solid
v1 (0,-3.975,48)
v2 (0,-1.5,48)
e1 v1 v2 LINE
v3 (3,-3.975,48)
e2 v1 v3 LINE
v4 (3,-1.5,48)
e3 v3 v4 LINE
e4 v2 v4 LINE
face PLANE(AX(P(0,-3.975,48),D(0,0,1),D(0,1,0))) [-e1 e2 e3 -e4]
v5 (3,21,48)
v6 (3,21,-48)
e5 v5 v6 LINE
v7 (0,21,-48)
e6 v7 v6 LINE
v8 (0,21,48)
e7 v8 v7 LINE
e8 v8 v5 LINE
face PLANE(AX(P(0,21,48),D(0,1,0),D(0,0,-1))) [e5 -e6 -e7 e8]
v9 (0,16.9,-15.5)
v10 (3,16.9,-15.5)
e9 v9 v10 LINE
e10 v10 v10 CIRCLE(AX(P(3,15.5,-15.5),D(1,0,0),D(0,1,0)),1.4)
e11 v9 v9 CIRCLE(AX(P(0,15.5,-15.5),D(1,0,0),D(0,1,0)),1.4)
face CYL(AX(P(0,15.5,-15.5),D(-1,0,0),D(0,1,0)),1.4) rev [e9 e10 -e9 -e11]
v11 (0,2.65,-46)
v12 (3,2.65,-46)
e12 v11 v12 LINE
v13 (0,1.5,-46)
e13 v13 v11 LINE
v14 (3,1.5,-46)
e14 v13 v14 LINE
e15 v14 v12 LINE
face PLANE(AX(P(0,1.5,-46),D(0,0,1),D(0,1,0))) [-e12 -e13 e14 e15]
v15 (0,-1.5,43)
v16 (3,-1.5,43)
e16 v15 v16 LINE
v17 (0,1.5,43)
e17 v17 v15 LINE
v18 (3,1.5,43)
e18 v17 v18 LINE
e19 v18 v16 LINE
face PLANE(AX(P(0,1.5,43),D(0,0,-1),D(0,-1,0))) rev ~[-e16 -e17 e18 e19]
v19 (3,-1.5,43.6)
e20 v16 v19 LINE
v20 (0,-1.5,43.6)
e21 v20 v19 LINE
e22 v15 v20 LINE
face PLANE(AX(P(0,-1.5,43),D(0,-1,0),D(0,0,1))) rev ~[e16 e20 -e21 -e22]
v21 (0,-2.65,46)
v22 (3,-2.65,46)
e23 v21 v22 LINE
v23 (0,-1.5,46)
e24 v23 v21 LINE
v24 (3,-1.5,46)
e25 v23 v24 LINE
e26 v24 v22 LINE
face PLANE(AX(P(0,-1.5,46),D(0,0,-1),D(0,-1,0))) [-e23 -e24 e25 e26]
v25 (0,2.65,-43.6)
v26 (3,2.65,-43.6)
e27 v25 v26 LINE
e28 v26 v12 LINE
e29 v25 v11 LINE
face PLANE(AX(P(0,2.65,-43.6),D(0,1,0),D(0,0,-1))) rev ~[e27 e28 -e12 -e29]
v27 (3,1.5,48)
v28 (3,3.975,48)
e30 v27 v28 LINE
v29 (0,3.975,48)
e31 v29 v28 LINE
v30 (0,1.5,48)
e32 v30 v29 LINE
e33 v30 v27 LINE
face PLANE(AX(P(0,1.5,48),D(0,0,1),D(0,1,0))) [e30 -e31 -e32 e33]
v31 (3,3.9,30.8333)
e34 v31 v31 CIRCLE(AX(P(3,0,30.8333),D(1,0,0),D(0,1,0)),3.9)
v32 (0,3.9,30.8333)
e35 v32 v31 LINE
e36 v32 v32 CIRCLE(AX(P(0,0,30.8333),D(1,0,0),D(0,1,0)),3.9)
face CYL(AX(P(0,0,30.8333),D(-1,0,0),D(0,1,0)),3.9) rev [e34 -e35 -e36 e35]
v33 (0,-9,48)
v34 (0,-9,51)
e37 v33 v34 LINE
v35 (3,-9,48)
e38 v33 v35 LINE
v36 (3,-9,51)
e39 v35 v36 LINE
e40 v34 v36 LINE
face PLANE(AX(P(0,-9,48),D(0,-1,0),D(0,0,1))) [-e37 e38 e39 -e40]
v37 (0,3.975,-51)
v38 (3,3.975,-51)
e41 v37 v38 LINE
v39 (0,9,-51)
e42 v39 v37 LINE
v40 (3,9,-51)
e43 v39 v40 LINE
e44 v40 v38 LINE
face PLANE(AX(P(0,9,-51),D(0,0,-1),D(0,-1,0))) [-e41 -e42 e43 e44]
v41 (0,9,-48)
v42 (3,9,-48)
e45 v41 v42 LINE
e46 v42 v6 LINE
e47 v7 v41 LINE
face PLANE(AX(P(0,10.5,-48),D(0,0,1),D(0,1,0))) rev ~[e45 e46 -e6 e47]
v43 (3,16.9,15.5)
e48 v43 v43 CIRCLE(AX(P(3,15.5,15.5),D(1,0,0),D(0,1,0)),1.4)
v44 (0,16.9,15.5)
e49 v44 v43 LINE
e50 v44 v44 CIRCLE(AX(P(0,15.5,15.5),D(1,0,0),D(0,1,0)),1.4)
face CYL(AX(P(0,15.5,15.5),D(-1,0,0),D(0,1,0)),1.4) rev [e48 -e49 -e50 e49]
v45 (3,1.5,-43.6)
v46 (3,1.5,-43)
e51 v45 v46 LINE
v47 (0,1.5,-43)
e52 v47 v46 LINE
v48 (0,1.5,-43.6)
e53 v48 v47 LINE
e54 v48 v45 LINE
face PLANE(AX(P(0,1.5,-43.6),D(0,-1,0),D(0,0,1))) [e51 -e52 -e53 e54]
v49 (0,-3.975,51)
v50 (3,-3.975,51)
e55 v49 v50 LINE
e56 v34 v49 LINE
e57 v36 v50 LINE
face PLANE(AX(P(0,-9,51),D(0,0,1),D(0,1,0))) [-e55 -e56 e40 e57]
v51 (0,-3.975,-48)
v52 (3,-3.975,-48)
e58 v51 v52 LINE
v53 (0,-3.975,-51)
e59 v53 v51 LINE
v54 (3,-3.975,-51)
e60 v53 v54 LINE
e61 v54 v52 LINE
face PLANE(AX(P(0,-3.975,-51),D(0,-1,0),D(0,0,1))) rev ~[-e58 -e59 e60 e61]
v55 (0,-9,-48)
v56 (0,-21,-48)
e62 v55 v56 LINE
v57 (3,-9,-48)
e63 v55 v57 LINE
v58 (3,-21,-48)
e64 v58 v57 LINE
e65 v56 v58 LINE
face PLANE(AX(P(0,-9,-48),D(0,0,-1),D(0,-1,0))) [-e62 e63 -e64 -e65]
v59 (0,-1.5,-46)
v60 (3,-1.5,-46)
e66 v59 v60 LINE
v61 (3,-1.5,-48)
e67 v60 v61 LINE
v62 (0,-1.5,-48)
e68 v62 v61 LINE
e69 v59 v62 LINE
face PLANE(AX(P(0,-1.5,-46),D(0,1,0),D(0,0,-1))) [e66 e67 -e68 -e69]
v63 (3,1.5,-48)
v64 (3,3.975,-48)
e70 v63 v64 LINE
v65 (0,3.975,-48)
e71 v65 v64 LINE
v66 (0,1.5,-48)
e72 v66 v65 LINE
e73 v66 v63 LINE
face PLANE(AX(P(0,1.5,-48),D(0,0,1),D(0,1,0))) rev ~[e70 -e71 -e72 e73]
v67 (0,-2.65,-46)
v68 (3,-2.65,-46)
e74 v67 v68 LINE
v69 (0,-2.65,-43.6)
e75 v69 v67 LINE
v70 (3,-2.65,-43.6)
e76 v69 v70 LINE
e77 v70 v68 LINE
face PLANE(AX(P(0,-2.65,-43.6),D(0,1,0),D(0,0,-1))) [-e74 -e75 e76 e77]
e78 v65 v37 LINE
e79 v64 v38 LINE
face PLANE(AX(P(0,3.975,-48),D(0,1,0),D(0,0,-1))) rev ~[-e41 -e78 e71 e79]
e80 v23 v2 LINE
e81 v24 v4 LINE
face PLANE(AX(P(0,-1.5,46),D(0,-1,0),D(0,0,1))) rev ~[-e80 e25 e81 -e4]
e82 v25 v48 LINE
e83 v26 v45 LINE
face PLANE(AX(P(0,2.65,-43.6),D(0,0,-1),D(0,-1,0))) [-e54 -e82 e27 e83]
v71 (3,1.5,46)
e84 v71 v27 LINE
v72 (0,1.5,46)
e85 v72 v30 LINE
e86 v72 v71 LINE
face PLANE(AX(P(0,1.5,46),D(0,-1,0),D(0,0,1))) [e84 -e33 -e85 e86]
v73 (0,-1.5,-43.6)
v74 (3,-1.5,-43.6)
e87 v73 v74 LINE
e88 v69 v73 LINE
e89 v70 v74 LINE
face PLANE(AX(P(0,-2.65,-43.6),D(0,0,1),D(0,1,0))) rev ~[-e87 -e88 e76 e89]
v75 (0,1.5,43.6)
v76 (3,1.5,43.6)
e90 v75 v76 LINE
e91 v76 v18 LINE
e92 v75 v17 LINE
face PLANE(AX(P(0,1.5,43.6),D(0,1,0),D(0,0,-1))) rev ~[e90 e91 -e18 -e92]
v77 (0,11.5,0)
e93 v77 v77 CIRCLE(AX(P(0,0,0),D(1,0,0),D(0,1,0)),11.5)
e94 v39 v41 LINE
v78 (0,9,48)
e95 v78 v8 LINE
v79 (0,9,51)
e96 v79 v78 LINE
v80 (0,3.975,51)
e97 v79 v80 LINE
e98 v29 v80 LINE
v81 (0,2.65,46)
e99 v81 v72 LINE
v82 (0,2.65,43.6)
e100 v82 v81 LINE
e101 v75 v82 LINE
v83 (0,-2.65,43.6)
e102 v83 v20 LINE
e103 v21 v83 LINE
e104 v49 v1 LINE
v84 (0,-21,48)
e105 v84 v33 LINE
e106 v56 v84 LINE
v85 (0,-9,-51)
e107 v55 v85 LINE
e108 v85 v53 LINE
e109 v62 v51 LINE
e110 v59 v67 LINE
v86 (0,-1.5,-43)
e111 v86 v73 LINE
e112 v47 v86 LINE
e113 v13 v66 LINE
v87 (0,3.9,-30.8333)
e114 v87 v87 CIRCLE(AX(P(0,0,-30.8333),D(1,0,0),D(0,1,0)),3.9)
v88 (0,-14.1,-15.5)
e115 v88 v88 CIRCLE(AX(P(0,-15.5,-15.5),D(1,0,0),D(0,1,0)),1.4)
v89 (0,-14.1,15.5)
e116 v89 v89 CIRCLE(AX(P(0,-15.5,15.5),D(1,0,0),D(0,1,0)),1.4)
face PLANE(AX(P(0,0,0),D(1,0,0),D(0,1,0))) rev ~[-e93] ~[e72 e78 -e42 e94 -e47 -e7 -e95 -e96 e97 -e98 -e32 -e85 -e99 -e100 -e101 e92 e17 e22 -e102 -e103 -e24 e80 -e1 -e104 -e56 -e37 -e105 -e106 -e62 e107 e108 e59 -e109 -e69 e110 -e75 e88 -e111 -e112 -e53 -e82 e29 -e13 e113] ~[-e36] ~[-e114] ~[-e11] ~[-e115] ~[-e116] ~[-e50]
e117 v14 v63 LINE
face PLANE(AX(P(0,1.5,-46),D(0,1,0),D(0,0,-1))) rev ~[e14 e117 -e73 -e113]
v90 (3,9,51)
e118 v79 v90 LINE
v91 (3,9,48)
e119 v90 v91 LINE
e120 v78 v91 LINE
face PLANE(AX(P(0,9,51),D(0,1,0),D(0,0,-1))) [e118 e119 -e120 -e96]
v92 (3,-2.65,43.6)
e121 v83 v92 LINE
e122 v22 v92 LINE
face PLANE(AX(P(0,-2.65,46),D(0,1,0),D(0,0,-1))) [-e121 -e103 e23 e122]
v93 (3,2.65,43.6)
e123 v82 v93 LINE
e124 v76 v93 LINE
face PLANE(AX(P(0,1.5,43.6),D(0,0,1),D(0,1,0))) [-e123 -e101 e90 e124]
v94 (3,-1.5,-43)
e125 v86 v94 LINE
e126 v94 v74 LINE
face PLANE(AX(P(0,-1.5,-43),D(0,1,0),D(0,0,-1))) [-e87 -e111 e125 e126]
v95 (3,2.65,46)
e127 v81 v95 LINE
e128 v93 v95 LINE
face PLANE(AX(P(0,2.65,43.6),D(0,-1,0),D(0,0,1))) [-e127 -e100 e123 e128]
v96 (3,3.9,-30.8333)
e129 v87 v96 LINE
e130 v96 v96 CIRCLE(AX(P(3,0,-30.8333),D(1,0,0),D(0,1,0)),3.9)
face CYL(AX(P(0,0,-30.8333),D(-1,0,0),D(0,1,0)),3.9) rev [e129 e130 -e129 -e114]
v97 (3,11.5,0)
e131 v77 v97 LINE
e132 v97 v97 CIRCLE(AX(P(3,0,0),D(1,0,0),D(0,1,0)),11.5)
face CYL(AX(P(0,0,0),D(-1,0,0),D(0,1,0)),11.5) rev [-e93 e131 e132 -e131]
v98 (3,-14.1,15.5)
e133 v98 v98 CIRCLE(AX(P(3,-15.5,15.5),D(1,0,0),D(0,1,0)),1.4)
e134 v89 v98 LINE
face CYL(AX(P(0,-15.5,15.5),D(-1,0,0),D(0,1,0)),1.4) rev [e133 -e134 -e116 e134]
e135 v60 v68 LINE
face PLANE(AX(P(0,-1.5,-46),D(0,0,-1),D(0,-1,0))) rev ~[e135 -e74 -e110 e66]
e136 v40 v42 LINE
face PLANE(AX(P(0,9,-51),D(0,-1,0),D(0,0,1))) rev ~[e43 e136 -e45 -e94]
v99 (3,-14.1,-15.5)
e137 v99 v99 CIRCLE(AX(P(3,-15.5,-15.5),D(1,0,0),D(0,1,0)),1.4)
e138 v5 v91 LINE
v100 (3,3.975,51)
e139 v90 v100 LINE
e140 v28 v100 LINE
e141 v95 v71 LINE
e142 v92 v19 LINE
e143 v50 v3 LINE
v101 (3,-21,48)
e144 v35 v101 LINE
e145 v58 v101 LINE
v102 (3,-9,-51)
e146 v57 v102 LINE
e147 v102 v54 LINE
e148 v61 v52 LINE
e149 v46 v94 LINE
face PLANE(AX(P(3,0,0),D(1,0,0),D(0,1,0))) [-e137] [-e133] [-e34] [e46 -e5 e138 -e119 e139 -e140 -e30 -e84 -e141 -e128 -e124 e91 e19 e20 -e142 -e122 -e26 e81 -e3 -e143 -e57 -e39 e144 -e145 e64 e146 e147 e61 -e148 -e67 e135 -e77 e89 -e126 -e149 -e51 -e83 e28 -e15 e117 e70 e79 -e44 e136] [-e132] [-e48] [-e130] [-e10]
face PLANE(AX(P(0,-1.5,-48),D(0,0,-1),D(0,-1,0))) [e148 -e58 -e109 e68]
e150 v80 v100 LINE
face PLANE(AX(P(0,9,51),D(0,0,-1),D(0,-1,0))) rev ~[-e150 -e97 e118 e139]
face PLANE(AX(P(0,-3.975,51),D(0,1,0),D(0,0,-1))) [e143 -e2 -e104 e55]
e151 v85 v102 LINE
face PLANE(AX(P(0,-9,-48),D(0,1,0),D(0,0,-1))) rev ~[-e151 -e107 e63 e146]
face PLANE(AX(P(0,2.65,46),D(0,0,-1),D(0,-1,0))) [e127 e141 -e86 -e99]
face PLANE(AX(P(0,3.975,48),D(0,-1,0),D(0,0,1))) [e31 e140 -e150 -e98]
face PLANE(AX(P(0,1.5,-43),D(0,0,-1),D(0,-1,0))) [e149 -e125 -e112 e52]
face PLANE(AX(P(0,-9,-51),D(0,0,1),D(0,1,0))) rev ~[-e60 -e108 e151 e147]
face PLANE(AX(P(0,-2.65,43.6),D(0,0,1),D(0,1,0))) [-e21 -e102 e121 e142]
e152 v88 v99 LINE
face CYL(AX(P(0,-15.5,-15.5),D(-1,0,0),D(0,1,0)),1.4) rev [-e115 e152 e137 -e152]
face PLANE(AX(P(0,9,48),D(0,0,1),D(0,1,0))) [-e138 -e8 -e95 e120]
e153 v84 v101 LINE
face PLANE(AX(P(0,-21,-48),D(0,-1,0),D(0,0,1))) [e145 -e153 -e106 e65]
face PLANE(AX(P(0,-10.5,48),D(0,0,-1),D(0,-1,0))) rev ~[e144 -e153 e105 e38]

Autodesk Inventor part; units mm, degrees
ref_plane "YZ Plane" through (0, 0, 0) normal (1, 0, 0) x (0, 1, 0)
ref_plane "XZ Plane" through (0, 0, 0) normal (0, 1, 0) x (-1, 0, 0)
ref_plane "XY Plane" through (0, 0, 0) normal (0, 0, 1) x (1, 0, 0)
sketch "Sketch2" plane through (0, 0, 0) normal (1, 0, 0) x (0, 1, 0)
  line L0 (-29.4, 0) -> (29.4, 0) construction
  line L1 (0, -71.4) -> (0, 71.4) construction
  line L2 (1.5, -46) -> (1.5, -48)
  line L3 (-1.5, -46) -> (-1.5, -48)
  line L4 (1.5, -46) -> (2.65, -46)
  line L5 (2.65, -43.6) -> (2.65, -46)
  line L6 (2.65, -43.6) -> (1.5, -43.6)
  line L7 (1.5, -43.6) -> (1.5, -43)
  line L8 (1.5, -43) -> (-1.5, -43)
  line L9 (-1.5, -43) -> (-1.5, -43.6)
  line L10 (-2.65, -43.6) -> (-1.5, -43.6)
  line L11 (-2.65, -43.6) -> (-2.65, -46)
  line L12 (-1.5, -46) -> (-2.65, -46)
  line L13 (1.5, -48) -> (9, -48)
  line L14 (9, -51) -> (9, -48)
  line L15 (-1.5, -48) -> (-9, -48)
  line L16 (3.975, -48) -> (3.975, -51)
  line L17 (9, -51) -> (3.975, -51)
  line L18 (-9, -48) -> (-9, -51)
  line L19 (-9, -51) -> (-3.975, -51)
  line L20 (-3.975, -51) -> (-3.975, -48)
  line L21 (9, -48) -> (10.5, -48)
  line L22 (-9, -48) -> (-10.5, -48)
  line L23 (2.65, 43.6) -> (2.65, 46)
  line L24 (2.65, 46) -> (-2.65, 46)
  line L25 (-2.65, 46) -> (-2.65, 43.6)
  line L26 (-2.65, 43.6) -> (2.65, 43.6)
  line L27 (-10.5, 48) -> (-9, 48)
  line L28 (1.5, 46) -> (1.5, 48)
  line L29 (-1.5, 46) -> (-1.5, 48)
  line L30 (1.5, 43.6) -> (1.5, 43)
  line L31 (1.5, 43) -> (-1.5, 43)
  line L32 (-1.5, 43) -> (-1.5, 43.6)
  line L33 (9, 51) -> (9, 48)
  line L34 (3.975, 48) -> (3.975, 51)
  line L35 (9, 51) -> (3.975, 51)
  line L36 (-9, 48) -> (-9, 51)
  line L37 (-9, 51) -> (-3.975, 51)
  line L38 (-3.975, 51) -> (-3.975, 48)
  line L39 (9, 48) -> (21, 48)
  line L40 (-9, 48) -> (-10.5, 48)
  line L41 (21, 48) -> (21, -48)
  line L42 (-21, -48) -> (-21, 48)
  line L43 (3.975, 48) -> (9, 48)
  line L44 (-3.975, 48) -> (3.975, 48)
  line L45 (-9, 48) -> (-3.975, 48)
  line L46 (10.5, -48) -> (21, -48)
  line L47 (-10.5, -48) -> (-21, -48)
  line L48 (-10.5, 48) -> (-21, 48)
  line L49 (9, 48) -> (10.5, 48)
  circle A0 centre (0, 0) radius 11.5 projected
  circle A1 centre (0, 30.8333) radius 3.9 projected
  circle A2 centre (0, -30.8333) radius 3.9 projected
  line L50 (2.65, 46) -> (2.65, 43.6) projected
  line L51 (2.65, 43.6) -> (-2.65, 43.6) projected
  line L52 (-2.65, 43.6) -> (-2.65, 46) projected
  line L53 (-2.65, 46) -> (2.65, 46) projected
  line L54 (2.65, -43.6) -> (2.65, -46) projected
  line L55 (2.65, -46) -> (-2.65, -46) projected
  line L56 (-2.65, -46) -> (-2.65, -43.6) projected
  line L57 (-2.65, -43.6) -> (2.65, -43.6) projected
  circle A3 centre (15.5, -15.5) radius 1.4 projected
  circle A4 centre (-15.5, -15.5) radius 1.4 projected
  circle A5 centre (-15.5, 15.5) radius 1.4 projected
  circle A6 centre (15.5, 15.5) radius 1.4 projected
  line L58 (-21, -51) -> (-10.5, -51) projected
  line L59 (-10.5, -51) -> (-10.5, -48) projected
  line L60 (-10.5, -48) -> (10.5, -48) projected
  line L61 (10.5, -48) -> (10.5, -51) projected
  line L62 (10.5, -51) -> (21, -51) projected
  line L63 (21, -51) -> (21, 51) projected
  line L64 (21, 51) -> (10.5, 51) projected
  line L65 (10.5, 51) -> (10.5, 48) projected
  line L66 (10.5, 48) -> (-10.5, 48) projected
  line L67 (-10.5, 48) -> (-10.5, 51) projected
  line L68 (-10.5, 51) -> (-21, 51) projected
  line L69 (-21, 51) -> (-21, -51) projected
  dimension "d4" = 3
  dimension "d6" = 7.95
  dimension "d8" = 5
extrude "Extrusion1" add sketch "Sketch2" along normal blind 3 contours L4 L5 L6 L7 L8 L9 L10 L11 L12 L3 L15 L22 L47 L42 L48 L27 L45 L44 L29 L24 L25 L26 L32 L31 L30 L23 L28 L43 L39 L41 L46 L21 L13 L2 | L13 L14 L17 L16 | L20 L19 L18 L15 | L43 L34 L35 L33 | L36 L37 L38 L45
properties part number "Front-Outer"
